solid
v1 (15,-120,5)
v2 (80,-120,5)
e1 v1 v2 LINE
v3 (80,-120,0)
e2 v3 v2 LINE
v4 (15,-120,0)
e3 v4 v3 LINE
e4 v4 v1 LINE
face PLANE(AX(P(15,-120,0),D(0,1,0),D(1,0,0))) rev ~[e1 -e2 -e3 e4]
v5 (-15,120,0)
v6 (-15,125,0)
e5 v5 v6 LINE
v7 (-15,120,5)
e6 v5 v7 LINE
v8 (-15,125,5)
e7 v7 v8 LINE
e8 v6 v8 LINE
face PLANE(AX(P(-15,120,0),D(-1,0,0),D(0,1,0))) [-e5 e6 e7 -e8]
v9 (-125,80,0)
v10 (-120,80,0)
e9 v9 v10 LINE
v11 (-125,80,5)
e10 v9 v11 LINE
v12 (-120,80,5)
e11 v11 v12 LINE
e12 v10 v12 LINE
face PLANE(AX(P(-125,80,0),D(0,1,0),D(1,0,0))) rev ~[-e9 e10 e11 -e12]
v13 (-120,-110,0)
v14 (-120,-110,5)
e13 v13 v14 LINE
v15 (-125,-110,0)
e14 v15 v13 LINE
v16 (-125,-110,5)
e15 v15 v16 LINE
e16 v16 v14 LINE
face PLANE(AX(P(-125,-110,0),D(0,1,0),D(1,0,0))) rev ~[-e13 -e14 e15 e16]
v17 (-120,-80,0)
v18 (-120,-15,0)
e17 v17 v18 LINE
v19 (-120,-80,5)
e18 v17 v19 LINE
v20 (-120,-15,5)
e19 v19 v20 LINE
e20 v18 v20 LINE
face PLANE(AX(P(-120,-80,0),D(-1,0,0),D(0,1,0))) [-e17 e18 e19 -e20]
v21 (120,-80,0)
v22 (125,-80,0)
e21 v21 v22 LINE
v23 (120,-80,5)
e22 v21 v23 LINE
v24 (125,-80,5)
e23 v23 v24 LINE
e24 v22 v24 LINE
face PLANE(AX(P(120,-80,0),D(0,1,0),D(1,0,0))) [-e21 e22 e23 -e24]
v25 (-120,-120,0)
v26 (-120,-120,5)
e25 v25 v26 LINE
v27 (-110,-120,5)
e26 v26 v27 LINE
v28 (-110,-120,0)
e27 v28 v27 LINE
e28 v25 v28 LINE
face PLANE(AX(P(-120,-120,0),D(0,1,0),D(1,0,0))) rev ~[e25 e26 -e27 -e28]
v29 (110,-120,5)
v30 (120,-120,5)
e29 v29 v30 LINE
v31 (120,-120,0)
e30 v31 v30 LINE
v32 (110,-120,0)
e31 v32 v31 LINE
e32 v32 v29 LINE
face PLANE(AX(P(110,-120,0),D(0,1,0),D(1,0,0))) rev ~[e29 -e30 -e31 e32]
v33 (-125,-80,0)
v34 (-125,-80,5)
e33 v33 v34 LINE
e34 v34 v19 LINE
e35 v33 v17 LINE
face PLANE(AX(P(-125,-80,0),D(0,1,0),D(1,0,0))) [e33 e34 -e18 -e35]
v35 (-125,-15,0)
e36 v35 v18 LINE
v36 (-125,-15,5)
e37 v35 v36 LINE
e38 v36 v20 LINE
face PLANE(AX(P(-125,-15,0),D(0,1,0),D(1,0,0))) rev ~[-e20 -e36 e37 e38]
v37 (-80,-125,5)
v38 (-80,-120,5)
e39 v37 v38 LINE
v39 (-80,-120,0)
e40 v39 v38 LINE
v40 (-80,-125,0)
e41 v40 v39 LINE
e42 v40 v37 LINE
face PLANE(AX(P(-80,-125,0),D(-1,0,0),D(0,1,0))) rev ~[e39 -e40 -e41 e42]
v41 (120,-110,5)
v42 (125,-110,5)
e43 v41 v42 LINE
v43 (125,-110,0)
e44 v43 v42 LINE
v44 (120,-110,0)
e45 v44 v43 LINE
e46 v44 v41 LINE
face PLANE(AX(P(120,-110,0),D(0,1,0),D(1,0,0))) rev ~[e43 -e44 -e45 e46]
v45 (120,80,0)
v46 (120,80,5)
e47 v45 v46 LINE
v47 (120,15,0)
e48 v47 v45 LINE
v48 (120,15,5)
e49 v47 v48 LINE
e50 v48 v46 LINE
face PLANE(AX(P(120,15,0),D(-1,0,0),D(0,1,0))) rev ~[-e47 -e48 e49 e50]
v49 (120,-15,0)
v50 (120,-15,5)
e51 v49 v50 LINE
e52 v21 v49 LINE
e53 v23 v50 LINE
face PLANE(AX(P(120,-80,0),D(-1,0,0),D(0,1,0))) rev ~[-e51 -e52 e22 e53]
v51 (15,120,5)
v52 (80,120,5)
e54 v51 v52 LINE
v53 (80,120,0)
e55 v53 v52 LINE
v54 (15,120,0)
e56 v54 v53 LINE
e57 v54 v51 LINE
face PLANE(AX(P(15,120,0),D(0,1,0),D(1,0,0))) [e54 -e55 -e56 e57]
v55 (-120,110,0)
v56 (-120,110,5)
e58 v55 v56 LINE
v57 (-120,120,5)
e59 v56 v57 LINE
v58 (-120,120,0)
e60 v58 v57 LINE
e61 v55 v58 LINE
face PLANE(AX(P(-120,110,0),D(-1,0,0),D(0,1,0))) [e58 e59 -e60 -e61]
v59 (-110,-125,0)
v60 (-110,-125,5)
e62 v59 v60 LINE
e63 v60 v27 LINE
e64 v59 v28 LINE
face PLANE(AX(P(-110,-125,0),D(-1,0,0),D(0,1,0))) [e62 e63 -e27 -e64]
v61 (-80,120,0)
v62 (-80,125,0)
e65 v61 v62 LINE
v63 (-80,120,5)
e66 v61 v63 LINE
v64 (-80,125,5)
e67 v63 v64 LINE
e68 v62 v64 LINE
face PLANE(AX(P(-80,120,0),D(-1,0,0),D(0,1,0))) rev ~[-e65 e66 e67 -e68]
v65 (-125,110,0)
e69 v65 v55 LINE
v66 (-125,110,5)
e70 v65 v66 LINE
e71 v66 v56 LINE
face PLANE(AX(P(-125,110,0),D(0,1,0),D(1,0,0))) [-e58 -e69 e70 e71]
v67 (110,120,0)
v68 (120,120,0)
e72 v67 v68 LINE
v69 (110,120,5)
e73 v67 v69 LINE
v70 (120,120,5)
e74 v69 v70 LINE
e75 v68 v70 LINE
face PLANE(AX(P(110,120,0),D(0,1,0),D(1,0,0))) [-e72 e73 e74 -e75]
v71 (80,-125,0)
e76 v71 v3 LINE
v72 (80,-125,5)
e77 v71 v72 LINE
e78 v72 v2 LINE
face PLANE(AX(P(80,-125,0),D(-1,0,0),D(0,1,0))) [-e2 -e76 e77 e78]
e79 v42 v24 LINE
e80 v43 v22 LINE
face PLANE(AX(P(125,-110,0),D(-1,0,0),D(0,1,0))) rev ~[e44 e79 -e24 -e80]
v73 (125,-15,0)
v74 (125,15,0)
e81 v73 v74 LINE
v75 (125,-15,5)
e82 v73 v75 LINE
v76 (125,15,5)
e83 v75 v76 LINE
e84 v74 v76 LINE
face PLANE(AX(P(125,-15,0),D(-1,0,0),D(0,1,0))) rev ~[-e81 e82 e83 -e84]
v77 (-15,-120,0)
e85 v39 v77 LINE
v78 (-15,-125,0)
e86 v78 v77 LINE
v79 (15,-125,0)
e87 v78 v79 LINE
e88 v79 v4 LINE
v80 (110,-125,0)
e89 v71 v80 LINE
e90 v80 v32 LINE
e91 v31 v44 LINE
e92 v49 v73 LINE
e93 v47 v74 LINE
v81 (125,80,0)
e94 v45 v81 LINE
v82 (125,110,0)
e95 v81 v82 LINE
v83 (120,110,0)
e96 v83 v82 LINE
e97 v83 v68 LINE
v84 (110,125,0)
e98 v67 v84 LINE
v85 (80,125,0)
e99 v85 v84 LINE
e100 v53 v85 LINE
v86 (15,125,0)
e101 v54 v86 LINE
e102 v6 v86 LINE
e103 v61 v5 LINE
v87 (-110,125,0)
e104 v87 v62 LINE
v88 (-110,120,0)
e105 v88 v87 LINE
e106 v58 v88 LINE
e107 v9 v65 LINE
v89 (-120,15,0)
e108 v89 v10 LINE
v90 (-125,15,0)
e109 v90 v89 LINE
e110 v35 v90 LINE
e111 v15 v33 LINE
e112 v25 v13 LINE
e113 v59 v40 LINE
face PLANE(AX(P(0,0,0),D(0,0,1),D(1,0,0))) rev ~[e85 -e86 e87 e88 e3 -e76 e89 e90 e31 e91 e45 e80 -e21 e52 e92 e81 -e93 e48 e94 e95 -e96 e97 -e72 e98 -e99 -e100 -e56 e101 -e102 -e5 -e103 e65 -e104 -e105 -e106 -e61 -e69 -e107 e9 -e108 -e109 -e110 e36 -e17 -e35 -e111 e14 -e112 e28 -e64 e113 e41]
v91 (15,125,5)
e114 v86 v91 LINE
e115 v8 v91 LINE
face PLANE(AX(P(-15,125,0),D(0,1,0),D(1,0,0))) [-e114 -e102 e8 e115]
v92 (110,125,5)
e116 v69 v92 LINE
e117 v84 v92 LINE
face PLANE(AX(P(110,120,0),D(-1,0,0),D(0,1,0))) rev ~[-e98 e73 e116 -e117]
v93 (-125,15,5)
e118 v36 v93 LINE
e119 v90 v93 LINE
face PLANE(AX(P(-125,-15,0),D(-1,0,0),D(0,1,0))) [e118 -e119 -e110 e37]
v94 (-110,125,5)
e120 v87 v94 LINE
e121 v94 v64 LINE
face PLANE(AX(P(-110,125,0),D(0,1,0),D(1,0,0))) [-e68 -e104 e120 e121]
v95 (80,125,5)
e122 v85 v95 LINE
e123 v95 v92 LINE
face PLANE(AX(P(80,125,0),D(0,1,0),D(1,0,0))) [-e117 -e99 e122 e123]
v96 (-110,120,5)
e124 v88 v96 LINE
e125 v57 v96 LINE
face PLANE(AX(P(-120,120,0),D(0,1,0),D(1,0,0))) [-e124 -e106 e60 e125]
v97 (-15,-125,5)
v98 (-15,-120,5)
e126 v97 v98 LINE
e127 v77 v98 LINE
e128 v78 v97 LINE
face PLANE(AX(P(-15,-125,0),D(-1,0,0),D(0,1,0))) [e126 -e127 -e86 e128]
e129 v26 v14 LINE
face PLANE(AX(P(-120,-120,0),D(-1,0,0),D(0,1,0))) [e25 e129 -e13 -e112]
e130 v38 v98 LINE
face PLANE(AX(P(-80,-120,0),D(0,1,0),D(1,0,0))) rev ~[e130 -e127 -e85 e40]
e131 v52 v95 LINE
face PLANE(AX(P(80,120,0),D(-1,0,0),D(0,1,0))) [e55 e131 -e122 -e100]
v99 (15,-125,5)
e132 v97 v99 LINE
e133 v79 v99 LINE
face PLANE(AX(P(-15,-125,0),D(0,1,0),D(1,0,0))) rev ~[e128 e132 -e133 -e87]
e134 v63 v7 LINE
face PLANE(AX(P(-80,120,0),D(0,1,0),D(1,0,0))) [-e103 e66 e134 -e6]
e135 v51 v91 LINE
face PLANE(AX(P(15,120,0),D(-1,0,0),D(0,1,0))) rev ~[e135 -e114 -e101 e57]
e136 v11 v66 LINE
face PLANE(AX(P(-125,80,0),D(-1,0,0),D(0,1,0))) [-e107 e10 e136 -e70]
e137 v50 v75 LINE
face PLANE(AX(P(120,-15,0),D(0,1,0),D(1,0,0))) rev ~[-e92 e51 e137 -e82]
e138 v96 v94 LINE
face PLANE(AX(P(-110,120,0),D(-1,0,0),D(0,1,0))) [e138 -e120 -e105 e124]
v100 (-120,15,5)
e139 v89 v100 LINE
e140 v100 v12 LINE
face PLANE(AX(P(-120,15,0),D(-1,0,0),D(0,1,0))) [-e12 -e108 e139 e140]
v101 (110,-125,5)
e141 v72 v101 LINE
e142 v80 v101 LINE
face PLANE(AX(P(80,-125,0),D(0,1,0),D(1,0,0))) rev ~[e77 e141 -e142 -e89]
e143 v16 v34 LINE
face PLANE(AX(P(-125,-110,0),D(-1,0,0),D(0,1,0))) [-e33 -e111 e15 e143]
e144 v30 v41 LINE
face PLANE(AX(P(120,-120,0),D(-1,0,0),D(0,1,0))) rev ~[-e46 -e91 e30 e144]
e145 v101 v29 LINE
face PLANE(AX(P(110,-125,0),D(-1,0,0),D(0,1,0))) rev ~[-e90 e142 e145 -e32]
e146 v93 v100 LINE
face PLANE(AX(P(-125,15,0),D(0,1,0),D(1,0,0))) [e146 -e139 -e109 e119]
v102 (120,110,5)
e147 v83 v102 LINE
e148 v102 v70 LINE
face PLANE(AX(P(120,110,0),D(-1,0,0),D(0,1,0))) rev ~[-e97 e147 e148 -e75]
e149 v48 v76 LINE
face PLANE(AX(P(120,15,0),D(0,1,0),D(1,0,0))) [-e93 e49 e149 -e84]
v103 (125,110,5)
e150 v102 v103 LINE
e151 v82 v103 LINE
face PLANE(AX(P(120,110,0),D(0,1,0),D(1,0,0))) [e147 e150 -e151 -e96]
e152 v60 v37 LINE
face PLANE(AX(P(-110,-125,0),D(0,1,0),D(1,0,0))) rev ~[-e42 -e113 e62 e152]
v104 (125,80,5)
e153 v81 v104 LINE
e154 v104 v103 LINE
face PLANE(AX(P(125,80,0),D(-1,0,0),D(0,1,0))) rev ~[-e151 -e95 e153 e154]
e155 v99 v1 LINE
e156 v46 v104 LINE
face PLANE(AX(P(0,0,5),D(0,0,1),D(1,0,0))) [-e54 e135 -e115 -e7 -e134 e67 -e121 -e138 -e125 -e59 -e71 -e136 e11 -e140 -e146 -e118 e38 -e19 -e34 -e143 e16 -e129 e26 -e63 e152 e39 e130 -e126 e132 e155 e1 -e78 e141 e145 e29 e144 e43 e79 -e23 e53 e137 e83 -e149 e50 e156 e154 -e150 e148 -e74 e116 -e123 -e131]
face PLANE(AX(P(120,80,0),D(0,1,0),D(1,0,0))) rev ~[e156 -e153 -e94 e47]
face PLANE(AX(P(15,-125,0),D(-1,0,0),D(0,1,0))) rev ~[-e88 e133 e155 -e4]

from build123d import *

# Parameters (mm, degrees)
SKETCH1_W           = 240
SKETCH1_H           = 240
SKETCH1_W_2         = 30
SKETCH1_H_2         = 5
SKETCH1_W_3         = 5
SKETCH1_H_3         = 30
BOSS_EXTRUDE1_DEPTH = 5


with BuildPart() as part:
    # Sketch1 → Boss-Extrude1 (new body)
    with BuildSketch(Plane.XY):
        Rectangle(SKETCH1_W, SKETCH1_H)
        with Locations((0, 122.5)):
            Rectangle(SKETCH1_W_2, SKETCH1_H_2)
        with Locations((95, 122.5)):
            Rectangle(SKETCH1_W_2, SKETCH1_H_2)
        with Locations((-122.5, 95)):
            Rectangle(SKETCH1_W_3, SKETCH1_H_3)
        with Locations((-122.5, 0)):
            Rectangle(SKETCH1_W_3, SKETCH1_H_3)
        with Locations((-122.5, -95)):
            Rectangle(SKETCH1_W_3, SKETCH1_H_3)
        with Locations((-95, -122.5)):
            Rectangle(SKETCH1_W_2, SKETCH1_H_2)
        with Locations((0, -122.5)):
            Rectangle(SKETCH1_W_2, SKETCH1_H_2)
        with Locations((95, -122.5)):
            Rectangle(SKETCH1_W_2, SKETCH1_H_2)
        with Locations((122.5, -95)):
            Rectangle(SKETCH1_W_3, SKETCH1_H_3)
        with Locations((122.5, 0)):
            Rectangle(SKETCH1_W_3, SKETCH1_H_3)
        with Locations((122.5, 95)):
            Rectangle(SKETCH1_W_3, SKETCH1_H_3)
        with Locations((-95, 122.5)):
            Rectangle(SKETCH1_W_2, SKETCH1_H_2)
    extrude(amount=BOSS_EXTRUDE1_DEPTH)


solid = part.part
